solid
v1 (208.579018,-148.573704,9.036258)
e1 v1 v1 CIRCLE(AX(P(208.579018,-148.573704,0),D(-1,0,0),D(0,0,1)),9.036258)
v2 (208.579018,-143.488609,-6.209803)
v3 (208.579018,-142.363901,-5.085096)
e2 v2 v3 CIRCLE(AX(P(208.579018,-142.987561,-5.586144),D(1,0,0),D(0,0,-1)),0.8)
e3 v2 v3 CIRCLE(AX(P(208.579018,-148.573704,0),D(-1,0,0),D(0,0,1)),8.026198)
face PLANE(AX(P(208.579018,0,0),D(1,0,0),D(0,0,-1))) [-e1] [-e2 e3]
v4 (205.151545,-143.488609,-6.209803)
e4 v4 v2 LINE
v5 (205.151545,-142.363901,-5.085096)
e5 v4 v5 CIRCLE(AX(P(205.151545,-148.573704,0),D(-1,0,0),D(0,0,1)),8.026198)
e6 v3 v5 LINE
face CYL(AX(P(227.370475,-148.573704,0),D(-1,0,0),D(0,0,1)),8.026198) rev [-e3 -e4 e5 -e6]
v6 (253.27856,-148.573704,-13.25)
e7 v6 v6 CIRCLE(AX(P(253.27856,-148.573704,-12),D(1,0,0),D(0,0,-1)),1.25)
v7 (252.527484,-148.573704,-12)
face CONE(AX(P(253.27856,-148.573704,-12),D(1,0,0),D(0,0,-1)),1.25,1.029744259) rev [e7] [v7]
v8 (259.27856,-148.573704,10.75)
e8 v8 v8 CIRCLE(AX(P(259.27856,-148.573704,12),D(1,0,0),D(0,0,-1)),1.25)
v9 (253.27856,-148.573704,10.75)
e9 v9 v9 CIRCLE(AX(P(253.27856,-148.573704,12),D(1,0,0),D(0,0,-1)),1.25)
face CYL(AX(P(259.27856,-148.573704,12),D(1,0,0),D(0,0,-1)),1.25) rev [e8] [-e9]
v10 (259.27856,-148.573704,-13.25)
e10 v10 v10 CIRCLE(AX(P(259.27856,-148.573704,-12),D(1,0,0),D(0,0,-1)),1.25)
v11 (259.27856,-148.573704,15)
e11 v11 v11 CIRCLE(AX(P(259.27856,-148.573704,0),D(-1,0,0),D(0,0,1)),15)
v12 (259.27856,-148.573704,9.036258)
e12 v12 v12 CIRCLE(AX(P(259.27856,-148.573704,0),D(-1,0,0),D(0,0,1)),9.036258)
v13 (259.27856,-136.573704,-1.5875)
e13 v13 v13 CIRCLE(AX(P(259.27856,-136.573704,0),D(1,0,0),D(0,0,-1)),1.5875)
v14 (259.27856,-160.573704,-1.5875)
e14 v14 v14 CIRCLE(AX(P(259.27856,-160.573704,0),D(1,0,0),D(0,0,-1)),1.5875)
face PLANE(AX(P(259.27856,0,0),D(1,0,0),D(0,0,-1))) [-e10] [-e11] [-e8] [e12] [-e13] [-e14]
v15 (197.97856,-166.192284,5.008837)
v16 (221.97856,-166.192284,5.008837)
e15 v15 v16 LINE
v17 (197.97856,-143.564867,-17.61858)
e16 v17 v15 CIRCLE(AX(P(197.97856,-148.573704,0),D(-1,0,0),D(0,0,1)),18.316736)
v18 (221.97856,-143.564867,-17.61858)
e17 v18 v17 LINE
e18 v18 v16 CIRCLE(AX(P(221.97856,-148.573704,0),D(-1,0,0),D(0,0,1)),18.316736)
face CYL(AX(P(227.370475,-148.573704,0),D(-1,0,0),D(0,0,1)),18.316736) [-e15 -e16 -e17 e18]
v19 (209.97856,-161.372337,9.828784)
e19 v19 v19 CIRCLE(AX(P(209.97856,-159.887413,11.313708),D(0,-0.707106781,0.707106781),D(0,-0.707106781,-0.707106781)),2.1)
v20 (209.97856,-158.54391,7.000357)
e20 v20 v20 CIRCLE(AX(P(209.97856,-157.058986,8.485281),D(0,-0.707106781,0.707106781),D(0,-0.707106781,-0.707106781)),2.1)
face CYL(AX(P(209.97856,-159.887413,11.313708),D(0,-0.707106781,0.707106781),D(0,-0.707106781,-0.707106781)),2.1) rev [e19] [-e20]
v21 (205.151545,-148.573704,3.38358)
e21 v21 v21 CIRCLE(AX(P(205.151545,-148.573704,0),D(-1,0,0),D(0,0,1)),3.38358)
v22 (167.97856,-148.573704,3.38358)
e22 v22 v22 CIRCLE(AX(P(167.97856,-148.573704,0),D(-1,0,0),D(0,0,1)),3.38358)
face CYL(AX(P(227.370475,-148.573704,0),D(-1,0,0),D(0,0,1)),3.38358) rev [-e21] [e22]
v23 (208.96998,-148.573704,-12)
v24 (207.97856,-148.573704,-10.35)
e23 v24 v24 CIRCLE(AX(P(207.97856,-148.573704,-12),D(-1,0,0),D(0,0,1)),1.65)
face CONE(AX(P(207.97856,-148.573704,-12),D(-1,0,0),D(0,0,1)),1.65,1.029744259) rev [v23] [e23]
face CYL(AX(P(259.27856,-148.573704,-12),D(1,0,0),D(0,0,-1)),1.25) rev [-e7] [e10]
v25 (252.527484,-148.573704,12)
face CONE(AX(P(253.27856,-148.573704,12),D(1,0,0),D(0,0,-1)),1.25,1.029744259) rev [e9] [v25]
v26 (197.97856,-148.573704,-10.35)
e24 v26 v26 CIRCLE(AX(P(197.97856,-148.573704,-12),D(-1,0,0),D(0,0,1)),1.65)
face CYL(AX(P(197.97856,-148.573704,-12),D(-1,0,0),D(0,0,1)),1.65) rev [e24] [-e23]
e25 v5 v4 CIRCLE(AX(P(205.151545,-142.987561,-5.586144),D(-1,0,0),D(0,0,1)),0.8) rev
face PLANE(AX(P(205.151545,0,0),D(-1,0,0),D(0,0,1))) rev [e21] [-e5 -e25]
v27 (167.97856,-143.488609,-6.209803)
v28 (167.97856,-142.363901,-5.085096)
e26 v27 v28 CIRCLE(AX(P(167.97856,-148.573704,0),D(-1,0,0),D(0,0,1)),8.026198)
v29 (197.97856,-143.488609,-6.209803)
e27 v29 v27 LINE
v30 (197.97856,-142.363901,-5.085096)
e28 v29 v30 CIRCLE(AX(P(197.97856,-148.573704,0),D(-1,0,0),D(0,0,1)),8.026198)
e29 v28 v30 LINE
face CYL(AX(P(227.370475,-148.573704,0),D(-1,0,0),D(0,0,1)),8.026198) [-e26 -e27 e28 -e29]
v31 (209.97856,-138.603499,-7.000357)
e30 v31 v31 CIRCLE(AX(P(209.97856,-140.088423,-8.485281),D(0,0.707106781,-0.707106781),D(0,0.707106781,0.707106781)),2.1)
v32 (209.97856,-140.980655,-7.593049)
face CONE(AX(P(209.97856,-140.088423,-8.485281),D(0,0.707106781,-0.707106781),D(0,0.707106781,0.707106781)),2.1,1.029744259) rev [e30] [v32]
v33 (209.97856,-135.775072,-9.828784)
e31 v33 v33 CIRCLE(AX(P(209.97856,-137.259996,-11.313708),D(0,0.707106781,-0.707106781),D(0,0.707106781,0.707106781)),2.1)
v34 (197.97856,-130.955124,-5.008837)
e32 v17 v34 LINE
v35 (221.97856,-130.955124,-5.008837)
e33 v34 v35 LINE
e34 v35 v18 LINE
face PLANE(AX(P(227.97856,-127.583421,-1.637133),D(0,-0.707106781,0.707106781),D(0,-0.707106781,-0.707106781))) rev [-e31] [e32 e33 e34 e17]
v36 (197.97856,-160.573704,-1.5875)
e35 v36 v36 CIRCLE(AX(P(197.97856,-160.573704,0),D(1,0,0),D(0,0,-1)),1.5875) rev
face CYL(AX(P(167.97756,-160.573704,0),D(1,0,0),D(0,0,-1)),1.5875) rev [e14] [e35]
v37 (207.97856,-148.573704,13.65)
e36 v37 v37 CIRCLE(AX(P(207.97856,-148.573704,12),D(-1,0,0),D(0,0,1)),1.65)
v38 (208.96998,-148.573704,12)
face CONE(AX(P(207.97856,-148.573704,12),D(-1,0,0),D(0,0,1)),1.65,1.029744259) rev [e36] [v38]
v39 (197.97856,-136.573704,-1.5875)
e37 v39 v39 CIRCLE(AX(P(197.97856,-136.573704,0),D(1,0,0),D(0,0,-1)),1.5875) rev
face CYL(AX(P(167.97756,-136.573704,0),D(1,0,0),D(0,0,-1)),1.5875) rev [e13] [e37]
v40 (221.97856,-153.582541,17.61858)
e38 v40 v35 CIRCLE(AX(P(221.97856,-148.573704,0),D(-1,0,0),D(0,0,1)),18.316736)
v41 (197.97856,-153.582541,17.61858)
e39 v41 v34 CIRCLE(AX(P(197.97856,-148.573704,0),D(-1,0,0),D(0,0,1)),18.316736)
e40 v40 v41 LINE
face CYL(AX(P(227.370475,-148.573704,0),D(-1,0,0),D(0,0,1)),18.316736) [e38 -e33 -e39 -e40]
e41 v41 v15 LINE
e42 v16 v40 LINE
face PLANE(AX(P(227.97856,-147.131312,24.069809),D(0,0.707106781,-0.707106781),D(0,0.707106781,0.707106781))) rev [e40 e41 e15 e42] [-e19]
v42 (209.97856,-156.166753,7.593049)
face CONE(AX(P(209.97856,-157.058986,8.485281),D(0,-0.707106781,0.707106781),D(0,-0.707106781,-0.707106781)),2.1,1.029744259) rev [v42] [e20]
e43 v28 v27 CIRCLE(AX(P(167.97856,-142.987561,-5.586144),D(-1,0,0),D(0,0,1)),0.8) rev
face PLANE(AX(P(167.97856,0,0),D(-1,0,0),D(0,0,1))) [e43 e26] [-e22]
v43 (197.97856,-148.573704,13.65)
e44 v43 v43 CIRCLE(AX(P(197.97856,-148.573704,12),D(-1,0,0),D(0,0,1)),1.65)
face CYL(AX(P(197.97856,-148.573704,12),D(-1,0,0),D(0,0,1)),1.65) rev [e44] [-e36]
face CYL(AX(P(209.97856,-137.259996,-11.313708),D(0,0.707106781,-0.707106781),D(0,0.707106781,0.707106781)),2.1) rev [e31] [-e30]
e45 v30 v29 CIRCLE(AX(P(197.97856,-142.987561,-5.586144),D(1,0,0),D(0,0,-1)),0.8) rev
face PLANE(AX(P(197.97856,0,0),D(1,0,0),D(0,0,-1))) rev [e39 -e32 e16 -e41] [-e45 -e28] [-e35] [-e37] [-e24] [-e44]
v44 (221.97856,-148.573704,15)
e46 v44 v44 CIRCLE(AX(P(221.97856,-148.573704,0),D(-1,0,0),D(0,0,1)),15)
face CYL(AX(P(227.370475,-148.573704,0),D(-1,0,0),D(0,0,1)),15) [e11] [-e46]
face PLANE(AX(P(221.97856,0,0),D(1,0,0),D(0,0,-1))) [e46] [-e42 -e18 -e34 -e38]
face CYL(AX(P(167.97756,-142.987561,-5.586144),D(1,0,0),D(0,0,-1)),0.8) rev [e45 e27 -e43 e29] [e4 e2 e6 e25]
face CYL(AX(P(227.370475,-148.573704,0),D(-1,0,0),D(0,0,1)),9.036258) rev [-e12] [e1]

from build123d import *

# Parameters (mm, degrees)
CUT_EXTRUDE1_REACH          = 93.3
SKETCH8_R                   = 1.5875
TAP_DRILL_FOR_M3_TAP2_D     = 2.5
TAP_DRILL_FOR_M3_TAP2_DEPTH = 6
TAP_DRILL_FOR_M3_TAP2_TIP   = 0.751075774
TAP_DRILL_FOR_M4_TAP1_D     = 3.3
TAP_DRILL_FOR_M4_TAP1_DEPTH = 10
TAP_DRILL_FOR_M4_TAP1_TIP   = 0.991420021
CUT_EXTRUDE2_DEPTH          = 30
CIRPATTERN1_COUNT           = 2
CUT_EXTRUDE3_REACH          = 42.6
SKETCH19_R                  = 0.8


with BuildPart() as part:
    # Sketch3 → Revolve1 (revolve)
    with BuildSketch(Plane.XY):
        Polygon((208.579017697, -139.537446021), (250.685153788, -139.537446021), (259.278559985, -139.537446021), (259.278559985, -133.573704322), (238.427343436, -133.573704322), (221.978559985, -133.573704322), (221.978559985, -130.256968654), (197.978559985, -130.256968654), (197.978559985, -140.547506676), (167.978559985, -140.547506676), (167.978559985, -145.190124478), (205.151545348, -145.190124478), (205.151545348, -140.547506676), (208.579017697, -140.547506676), align=None)
    revolve(axis=Axis((227.370475166, -148.573704322, 0), (1, 0, 0)))

    # Sketch8 → Cut-Extrude1 (cut, up to next)
    with BuildSketch(Plane(origin=(259.278559985, 0, 0), x_dir=(0, 0, -1), z_dir=(1, 0, 0)), mode=Mode.PRIVATE) as cut_extrude1_sk1:
        with Locations((0, -136.573704322)):
            Circle(SKETCH8_R)
    cut_extrude1_tool1 = extrude(cut_extrude1_sk1.sketch, amount=-CUT_EXTRUDE1_REACH, mode=Mode.PRIVATE) & part.part
    add(cut_extrude1_tool1.solids().sort_by_distance((259.27856, -136.573704, 0))[0], mode=Mode.SUBTRACT)
    # Sketch8 → Cut-Extrude1 (cut, up to next)
    with BuildSketch(Plane(origin=(259.278559985, 0, 0), x_dir=(0, 0, -1), z_dir=(1, 0, 0)), mode=Mode.PRIVATE) as cut_extrude1_sk2:
        with Locations((0, -160.573704322)):
            Circle(SKETCH8_R)
    cut_extrude1_tool2 = extrude(cut_extrude1_sk2.sketch, amount=-CUT_EXTRUDE1_REACH, mode=Mode.PRIVATE) & part.part
    add(cut_extrude1_tool2.solids().sort_by_distance((259.27856, -160.573704, 0))[0], mode=Mode.SUBTRACT)

    # Tap Drill for M3 Tap2
    with Locations(Plane(origin=(259.278559985, 0, 0), x_dir=(0, 0, -1), z_dir=(1, 0, 0))):
        with Locations((-12, -148.573704322), (12, -148.573704322)):
            Hole(TAP_DRILL_FOR_M3_TAP2_D / 2, depth=TAP_DRILL_FOR_M3_TAP2_DEPTH)
            with Locations((0, 0, -(TAP_DRILL_FOR_M3_TAP2_DEPTH + TAP_DRILL_FOR_M3_TAP2_TIP / 2))):  # 118° drill point
                Cone(0, TAP_DRILL_FOR_M3_TAP2_D / 2, TAP_DRILL_FOR_M3_TAP2_TIP, mode=Mode.SUBTRACT)

    # Tap Drill for M4 Tap1
    with Locations(Plane.ZY.offset(-197.978559985)):
        with Locations((-12, -148.573704322), (12, -148.573704322)):
            Hole(TAP_DRILL_FOR_M4_TAP1_D / 2, depth=TAP_DRILL_FOR_M4_TAP1_DEPTH)
            with Locations((0, 0, -(TAP_DRILL_FOR_M4_TAP1_DEPTH + TAP_DRILL_FOR_M4_TAP1_TIP / 2))):  # 118° drill point
                Cone(0, TAP_DRILL_FOR_M4_TAP1_D / 2, TAP_DRILL_FOR_M4_TAP1_TIP, mode=Mode.SUBTRACT)

    # Sketch16 → Cut-Extrude2 (cut)
    with BuildSketch(Plane.ZY.offset(-197.978559985)):
        Polygon((-1.637133312, -127.583420636), (-21.615778458, -147.562065782), (-21.615778458, -136.774049127), align=None)
        Polygon((24.069809273, -155.63537923), (24.069809273, -147.131312047), (1.983531933, -169.217589388), align=None)
    extrude(amount=-CUT_EXTRUDE2_DEPTH, mode=Mode.SUBTRACT)

    # Sketch18 → Tap Drill for M5 Tap1 (revolve, cut)
    with BuildSketch(Plane(origin=(209.978559985, -137.259995823, -11.313708499), x_dir=(0, 0.707106781, 0.707106781), z_dir=(1, 0, 0))):
        Polygon((0, 0), (0, 5.2618073), (2.1, 4), (2.1, 0), align=None)
    tap_drill_for_m5_tap1 = revolve(axis=Axis((209.978559985, -132.769867763, -15.80383656), (0, -0.707106781, 0.707106781)), mode=Mode.SUBTRACT)

    # CirPattern1: Tap Drill for M5 Tap1 ×2 about axis
    cirpattern1_axis = Axis((205.151545348, -148.573704322, 0), (-1, 0, 0))
    for i in range(1, CIRPATTERN1_COUNT):
        add(tap_drill_for_m5_tap1.rotate(cirpattern1_axis, i * 360 / CIRPATTERN1_COUNT), mode=Mode.SUBTRACT)

    # Sketch19 → Cut-Extrude3 (cut, up to next)
    with BuildSketch(Plane(origin=(208.579017697, 0, 0), x_dir=(0, 0, -1), z_dir=(1, 0, 0)), mode=Mode.PRIVATE) as cut_extrude3_sk1:
        with Locations((5.586143571, -142.987560751)):
            Circle(SKETCH19_R)
    cut_extrude3_tool1 = extrude(cut_extrude3_sk1.sketch, amount=-CUT_EXTRUDE3_REACH, mode=Mode.PRIVATE) & part.part
    add(cut_extrude3_tool1.solids().sort_by_distance((208.579018, -142.987561, -5.586144))[0], mode=Mode.SUBTRACT)


solid = part.part
